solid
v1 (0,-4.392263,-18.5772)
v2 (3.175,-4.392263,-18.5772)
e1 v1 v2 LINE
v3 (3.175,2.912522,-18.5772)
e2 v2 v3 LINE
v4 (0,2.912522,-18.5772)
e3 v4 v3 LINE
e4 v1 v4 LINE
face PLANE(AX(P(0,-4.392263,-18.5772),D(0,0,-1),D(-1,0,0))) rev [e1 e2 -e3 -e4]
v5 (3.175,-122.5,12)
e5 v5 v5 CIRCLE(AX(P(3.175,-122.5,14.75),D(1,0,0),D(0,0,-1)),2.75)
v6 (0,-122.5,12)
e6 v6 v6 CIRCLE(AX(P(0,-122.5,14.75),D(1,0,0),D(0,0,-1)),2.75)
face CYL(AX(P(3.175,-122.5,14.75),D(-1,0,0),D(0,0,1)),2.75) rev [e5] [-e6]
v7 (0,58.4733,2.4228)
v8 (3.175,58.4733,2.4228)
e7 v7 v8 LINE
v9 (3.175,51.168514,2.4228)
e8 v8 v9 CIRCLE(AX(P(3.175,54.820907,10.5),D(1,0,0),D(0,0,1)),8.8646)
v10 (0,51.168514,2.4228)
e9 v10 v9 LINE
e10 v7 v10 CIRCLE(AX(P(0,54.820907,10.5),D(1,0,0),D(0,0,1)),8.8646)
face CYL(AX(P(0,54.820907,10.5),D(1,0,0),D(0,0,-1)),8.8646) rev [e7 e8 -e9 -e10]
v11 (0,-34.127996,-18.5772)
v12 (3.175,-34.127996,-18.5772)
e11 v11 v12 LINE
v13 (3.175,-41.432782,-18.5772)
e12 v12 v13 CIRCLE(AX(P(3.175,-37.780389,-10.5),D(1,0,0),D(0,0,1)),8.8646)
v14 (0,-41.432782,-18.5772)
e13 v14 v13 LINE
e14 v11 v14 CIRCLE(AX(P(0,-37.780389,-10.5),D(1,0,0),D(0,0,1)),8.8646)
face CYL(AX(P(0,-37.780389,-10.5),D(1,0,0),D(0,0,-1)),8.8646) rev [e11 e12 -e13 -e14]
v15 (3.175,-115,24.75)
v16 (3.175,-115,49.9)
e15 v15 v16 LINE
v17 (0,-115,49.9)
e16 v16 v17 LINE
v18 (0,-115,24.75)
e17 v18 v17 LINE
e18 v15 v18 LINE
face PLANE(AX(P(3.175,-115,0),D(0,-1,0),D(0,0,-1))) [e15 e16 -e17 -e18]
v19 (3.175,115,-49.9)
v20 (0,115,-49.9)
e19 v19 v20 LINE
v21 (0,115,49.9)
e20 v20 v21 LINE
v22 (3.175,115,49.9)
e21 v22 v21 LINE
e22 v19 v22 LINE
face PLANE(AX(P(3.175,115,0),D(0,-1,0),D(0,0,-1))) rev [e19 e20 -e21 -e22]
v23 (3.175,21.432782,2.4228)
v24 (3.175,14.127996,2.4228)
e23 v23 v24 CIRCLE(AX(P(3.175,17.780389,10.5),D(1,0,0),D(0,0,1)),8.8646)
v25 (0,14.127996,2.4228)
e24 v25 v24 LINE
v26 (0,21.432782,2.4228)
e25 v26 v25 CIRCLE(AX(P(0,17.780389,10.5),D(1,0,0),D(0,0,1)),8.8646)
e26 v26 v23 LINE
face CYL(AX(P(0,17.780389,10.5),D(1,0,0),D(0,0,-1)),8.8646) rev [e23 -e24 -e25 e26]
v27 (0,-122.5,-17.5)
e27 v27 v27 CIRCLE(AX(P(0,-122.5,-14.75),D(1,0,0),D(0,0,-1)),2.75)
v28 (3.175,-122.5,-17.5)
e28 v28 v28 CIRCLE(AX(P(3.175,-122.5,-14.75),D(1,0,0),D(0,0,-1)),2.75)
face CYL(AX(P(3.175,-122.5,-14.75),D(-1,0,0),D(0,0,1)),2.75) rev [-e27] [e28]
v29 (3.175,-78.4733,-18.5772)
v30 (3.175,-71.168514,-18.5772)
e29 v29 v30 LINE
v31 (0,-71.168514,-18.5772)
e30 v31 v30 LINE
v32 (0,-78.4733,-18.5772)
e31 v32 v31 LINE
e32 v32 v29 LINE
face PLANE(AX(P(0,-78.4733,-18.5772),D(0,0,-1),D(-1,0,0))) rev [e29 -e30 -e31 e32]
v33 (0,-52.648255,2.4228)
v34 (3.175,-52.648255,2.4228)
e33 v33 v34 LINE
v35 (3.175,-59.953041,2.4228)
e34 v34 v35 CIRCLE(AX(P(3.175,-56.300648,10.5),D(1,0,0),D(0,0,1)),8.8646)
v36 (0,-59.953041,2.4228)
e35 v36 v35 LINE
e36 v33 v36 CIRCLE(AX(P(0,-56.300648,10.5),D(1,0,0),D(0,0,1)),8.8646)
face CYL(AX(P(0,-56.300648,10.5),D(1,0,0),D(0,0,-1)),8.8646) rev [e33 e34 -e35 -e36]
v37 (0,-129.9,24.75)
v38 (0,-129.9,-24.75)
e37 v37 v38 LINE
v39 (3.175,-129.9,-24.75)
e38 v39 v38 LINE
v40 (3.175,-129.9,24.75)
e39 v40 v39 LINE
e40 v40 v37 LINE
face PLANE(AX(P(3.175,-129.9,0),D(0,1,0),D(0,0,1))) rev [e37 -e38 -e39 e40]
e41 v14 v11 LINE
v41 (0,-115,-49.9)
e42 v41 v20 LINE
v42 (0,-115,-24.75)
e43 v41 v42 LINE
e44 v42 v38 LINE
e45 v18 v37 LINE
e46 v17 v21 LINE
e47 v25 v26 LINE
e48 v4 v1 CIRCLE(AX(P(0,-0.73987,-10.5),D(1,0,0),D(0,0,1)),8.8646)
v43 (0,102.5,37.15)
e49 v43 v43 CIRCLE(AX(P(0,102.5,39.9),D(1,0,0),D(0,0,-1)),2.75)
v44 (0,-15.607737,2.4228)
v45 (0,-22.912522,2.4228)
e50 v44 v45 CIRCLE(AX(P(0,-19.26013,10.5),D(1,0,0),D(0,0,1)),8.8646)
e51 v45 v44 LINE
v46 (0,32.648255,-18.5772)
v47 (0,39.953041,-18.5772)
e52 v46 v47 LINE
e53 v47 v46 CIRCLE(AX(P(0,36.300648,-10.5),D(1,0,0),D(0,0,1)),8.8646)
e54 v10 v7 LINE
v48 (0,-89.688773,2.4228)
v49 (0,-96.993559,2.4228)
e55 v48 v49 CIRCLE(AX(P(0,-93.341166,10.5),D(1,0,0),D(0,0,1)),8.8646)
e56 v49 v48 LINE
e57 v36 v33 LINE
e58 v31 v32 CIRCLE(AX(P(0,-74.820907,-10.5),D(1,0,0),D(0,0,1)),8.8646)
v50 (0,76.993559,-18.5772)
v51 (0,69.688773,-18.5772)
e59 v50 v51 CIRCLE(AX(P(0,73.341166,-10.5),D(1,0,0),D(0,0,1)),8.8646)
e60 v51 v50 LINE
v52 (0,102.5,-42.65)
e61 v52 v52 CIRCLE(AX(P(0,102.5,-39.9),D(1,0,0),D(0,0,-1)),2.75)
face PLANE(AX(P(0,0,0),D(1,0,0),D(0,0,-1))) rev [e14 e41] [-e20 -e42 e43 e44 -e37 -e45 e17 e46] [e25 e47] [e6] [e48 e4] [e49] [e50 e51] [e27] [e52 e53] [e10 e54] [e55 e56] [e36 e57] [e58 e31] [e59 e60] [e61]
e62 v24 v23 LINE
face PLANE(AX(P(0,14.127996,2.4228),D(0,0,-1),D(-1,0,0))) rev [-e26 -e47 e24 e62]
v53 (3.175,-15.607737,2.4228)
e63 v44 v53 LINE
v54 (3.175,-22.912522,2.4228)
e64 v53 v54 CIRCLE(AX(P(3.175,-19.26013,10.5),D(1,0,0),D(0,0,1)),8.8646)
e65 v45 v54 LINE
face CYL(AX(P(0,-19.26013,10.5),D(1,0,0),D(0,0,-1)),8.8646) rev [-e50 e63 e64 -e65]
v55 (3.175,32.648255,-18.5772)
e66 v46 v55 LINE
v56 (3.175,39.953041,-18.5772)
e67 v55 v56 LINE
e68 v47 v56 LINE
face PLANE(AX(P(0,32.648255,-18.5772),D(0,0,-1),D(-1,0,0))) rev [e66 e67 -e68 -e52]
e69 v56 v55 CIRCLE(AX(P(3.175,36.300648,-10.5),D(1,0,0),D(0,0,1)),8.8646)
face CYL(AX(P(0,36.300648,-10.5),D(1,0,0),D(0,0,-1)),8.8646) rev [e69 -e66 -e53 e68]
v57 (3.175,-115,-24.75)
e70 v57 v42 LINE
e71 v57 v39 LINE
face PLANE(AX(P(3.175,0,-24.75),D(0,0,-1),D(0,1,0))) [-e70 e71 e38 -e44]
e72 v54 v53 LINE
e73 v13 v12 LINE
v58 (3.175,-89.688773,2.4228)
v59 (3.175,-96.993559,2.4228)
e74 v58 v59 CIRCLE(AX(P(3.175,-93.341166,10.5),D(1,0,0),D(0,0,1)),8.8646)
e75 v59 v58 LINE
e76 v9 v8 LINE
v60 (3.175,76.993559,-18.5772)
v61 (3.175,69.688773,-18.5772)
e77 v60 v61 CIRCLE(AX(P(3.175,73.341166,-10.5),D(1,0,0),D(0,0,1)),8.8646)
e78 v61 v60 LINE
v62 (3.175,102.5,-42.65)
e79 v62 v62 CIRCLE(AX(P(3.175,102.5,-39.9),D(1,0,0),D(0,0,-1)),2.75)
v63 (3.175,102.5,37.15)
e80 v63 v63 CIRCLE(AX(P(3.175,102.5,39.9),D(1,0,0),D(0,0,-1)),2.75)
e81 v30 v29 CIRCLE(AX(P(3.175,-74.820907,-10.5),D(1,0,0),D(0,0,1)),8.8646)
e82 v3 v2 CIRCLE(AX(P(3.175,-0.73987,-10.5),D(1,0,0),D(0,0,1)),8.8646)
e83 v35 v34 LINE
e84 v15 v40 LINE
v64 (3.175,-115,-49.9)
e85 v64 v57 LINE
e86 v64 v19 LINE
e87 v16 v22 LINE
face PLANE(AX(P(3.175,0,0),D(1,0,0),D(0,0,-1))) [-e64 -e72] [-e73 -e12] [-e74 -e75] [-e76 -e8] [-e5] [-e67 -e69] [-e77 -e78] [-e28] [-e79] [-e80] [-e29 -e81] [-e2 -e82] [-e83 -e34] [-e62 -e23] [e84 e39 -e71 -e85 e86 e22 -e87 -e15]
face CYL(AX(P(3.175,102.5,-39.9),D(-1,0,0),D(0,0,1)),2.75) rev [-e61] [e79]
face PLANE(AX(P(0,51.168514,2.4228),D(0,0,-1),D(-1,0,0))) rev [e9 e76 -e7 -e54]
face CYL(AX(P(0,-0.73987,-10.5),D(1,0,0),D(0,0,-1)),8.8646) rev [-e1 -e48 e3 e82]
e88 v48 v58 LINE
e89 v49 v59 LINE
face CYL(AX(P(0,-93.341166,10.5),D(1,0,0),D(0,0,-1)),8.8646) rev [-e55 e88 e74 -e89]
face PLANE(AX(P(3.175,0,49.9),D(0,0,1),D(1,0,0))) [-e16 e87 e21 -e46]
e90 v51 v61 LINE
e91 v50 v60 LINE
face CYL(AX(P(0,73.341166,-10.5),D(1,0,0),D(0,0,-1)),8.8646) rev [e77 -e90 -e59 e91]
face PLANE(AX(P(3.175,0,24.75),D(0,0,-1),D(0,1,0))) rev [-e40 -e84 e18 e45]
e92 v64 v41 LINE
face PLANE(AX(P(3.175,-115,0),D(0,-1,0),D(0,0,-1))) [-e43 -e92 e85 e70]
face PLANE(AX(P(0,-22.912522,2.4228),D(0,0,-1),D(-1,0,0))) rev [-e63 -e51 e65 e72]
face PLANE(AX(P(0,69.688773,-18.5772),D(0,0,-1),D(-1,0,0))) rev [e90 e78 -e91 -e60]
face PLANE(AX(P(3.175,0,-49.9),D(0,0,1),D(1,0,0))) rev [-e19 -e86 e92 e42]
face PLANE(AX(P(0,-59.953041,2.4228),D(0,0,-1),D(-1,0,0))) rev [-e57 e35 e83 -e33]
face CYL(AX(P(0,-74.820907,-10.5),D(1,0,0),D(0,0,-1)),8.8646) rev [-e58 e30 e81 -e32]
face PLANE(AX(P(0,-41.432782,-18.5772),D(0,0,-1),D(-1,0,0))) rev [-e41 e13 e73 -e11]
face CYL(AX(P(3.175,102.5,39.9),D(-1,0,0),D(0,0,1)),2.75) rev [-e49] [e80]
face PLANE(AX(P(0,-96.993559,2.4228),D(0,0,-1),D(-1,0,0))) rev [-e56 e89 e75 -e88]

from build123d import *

# Parameters (mm, degrees)
SKETCH1_W           = 14.9
SKETCH1_H           = 49.5
SKETCH1_R           = 2.75
SKETCH1_W_2         = 230
SKETCH1_H_2         = 99.8
BOSS_EXTRUDE1_DEPTH = 3.175
CUT_EXTRUDE1_DEPTH  = 140.190878383


with BuildPart() as part:
    # Sketch1 → Boss-Extrude1 (new body)
    # profile 1 of 2: a face of its own
    with BuildSketch(Plane.YZ):
        with Locations((-122.45, 0)):
            Rectangle(SKETCH1_W, SKETCH1_H)
        with Locations(Location((-122.5, -14.75, 0), (0, 0, 270))):
            Circle(SKETCH1_R, mode=Mode.SUBTRACT)
        with Locations(Location((-122.5, 14.75, 0), (0, 0, 270))):
            Circle(SKETCH1_R, mode=Mode.SUBTRACT)
    # profile 2 of 2: a face of its own
    with BuildSketch(Plane.YZ):
        Rectangle(SKETCH1_W_2, SKETCH1_H_2)
        with Locations(Location((102.5, -39.9, 0), (0, 0, 270))):
            Circle(SKETCH1_R, mode=Mode.SUBTRACT)
        with Locations(Location((102.5, 39.9, 0), (0, 0, 270))):
            Circle(SKETCH1_R, mode=Mode.SUBTRACT)
    extrude(amount=BOSS_EXTRUDE1_DEPTH)

    # Sketch2 → Cut-Extrude1 (cut, through all)
    with BuildSketch(Plane.YZ.offset(3.175)):
        with BuildLine():
            Line((51.1685143, 2.4228), (58.473299942, 2.4228))
            ThreePointArc((58.473299942, 2.4228), (54.820907121, 19.3646), (51.1685143, 2.4228))
        make_face()
        with BuildLine():
            Line((69.688773477, -18.5772), (76.99355912, -18.5772))
            ThreePointArc((76.99355912, -18.5772), (73.341166299, -1.6354), (69.688773477, -18.5772))
        make_face()
        with BuildLine():
            Line((14.127995945, 2.4228), (21.432781587, 2.4228))
            ThreePointArc((21.432781587, 2.4228), (17.780388766, 19.3646), (14.127995945, 2.4228))
        make_face()
        with BuildLine():
            Line((32.648255122, -18.5772), (39.953040765, -18.5772))
            ThreePointArc((39.953040765, -18.5772), (36.300647944, -1.6354), (32.648255122, -18.5772))
        make_face()
        with BuildLine():
            Line((-22.91252241, 2.4228), (-15.607736768, 2.4228))
            ThreePointArc((-15.607736768, 2.4228), (-19.260129589, 19.3646), (-22.91252241, 2.4228))
        make_face()
        with BuildLine():
            Line((-4.392263232, -18.5772), (2.91252241, -18.5772))
            ThreePointArc((2.91252241, -18.5772), (-0.739870411, -1.6354), (-4.392263232, -18.5772))
        make_face()
        with BuildLine():
            Line((-59.953040765, 2.4228), (-52.648255122, 2.4228))
            ThreePointArc((-52.648255122, 2.4228), (-56.300647944, 19.3646), (-59.953040765, 2.4228))
        make_face()
        with BuildLine():
            Line((-41.432781587, -18.5772), (-34.127995945, -18.5772))
            ThreePointArc((-34.127995945, -18.5772), (-37.780388766, -1.6354), (-41.432781587, -18.5772))
        make_face()
        with BuildLine():
            Line((-96.99355912, 2.4228), (-89.688773477, 2.4228))
            ThreePointArc((-89.688773477, 2.4228), (-93.341166299, 19.3646), (-96.99355912, 2.4228))
        make_face()
        with BuildLine():
            Line((-78.473299942, -18.5772), (-71.1685143, -18.5772))
            ThreePointArc((-71.1685143, -18.5772), (-74.820907121, -1.6354), (-78.473299942, -18.5772))
        make_face()
    extrude(amount=-CUT_EXTRUDE1_DEPTH, mode=Mode.SUBTRACT)


solid = part.part
